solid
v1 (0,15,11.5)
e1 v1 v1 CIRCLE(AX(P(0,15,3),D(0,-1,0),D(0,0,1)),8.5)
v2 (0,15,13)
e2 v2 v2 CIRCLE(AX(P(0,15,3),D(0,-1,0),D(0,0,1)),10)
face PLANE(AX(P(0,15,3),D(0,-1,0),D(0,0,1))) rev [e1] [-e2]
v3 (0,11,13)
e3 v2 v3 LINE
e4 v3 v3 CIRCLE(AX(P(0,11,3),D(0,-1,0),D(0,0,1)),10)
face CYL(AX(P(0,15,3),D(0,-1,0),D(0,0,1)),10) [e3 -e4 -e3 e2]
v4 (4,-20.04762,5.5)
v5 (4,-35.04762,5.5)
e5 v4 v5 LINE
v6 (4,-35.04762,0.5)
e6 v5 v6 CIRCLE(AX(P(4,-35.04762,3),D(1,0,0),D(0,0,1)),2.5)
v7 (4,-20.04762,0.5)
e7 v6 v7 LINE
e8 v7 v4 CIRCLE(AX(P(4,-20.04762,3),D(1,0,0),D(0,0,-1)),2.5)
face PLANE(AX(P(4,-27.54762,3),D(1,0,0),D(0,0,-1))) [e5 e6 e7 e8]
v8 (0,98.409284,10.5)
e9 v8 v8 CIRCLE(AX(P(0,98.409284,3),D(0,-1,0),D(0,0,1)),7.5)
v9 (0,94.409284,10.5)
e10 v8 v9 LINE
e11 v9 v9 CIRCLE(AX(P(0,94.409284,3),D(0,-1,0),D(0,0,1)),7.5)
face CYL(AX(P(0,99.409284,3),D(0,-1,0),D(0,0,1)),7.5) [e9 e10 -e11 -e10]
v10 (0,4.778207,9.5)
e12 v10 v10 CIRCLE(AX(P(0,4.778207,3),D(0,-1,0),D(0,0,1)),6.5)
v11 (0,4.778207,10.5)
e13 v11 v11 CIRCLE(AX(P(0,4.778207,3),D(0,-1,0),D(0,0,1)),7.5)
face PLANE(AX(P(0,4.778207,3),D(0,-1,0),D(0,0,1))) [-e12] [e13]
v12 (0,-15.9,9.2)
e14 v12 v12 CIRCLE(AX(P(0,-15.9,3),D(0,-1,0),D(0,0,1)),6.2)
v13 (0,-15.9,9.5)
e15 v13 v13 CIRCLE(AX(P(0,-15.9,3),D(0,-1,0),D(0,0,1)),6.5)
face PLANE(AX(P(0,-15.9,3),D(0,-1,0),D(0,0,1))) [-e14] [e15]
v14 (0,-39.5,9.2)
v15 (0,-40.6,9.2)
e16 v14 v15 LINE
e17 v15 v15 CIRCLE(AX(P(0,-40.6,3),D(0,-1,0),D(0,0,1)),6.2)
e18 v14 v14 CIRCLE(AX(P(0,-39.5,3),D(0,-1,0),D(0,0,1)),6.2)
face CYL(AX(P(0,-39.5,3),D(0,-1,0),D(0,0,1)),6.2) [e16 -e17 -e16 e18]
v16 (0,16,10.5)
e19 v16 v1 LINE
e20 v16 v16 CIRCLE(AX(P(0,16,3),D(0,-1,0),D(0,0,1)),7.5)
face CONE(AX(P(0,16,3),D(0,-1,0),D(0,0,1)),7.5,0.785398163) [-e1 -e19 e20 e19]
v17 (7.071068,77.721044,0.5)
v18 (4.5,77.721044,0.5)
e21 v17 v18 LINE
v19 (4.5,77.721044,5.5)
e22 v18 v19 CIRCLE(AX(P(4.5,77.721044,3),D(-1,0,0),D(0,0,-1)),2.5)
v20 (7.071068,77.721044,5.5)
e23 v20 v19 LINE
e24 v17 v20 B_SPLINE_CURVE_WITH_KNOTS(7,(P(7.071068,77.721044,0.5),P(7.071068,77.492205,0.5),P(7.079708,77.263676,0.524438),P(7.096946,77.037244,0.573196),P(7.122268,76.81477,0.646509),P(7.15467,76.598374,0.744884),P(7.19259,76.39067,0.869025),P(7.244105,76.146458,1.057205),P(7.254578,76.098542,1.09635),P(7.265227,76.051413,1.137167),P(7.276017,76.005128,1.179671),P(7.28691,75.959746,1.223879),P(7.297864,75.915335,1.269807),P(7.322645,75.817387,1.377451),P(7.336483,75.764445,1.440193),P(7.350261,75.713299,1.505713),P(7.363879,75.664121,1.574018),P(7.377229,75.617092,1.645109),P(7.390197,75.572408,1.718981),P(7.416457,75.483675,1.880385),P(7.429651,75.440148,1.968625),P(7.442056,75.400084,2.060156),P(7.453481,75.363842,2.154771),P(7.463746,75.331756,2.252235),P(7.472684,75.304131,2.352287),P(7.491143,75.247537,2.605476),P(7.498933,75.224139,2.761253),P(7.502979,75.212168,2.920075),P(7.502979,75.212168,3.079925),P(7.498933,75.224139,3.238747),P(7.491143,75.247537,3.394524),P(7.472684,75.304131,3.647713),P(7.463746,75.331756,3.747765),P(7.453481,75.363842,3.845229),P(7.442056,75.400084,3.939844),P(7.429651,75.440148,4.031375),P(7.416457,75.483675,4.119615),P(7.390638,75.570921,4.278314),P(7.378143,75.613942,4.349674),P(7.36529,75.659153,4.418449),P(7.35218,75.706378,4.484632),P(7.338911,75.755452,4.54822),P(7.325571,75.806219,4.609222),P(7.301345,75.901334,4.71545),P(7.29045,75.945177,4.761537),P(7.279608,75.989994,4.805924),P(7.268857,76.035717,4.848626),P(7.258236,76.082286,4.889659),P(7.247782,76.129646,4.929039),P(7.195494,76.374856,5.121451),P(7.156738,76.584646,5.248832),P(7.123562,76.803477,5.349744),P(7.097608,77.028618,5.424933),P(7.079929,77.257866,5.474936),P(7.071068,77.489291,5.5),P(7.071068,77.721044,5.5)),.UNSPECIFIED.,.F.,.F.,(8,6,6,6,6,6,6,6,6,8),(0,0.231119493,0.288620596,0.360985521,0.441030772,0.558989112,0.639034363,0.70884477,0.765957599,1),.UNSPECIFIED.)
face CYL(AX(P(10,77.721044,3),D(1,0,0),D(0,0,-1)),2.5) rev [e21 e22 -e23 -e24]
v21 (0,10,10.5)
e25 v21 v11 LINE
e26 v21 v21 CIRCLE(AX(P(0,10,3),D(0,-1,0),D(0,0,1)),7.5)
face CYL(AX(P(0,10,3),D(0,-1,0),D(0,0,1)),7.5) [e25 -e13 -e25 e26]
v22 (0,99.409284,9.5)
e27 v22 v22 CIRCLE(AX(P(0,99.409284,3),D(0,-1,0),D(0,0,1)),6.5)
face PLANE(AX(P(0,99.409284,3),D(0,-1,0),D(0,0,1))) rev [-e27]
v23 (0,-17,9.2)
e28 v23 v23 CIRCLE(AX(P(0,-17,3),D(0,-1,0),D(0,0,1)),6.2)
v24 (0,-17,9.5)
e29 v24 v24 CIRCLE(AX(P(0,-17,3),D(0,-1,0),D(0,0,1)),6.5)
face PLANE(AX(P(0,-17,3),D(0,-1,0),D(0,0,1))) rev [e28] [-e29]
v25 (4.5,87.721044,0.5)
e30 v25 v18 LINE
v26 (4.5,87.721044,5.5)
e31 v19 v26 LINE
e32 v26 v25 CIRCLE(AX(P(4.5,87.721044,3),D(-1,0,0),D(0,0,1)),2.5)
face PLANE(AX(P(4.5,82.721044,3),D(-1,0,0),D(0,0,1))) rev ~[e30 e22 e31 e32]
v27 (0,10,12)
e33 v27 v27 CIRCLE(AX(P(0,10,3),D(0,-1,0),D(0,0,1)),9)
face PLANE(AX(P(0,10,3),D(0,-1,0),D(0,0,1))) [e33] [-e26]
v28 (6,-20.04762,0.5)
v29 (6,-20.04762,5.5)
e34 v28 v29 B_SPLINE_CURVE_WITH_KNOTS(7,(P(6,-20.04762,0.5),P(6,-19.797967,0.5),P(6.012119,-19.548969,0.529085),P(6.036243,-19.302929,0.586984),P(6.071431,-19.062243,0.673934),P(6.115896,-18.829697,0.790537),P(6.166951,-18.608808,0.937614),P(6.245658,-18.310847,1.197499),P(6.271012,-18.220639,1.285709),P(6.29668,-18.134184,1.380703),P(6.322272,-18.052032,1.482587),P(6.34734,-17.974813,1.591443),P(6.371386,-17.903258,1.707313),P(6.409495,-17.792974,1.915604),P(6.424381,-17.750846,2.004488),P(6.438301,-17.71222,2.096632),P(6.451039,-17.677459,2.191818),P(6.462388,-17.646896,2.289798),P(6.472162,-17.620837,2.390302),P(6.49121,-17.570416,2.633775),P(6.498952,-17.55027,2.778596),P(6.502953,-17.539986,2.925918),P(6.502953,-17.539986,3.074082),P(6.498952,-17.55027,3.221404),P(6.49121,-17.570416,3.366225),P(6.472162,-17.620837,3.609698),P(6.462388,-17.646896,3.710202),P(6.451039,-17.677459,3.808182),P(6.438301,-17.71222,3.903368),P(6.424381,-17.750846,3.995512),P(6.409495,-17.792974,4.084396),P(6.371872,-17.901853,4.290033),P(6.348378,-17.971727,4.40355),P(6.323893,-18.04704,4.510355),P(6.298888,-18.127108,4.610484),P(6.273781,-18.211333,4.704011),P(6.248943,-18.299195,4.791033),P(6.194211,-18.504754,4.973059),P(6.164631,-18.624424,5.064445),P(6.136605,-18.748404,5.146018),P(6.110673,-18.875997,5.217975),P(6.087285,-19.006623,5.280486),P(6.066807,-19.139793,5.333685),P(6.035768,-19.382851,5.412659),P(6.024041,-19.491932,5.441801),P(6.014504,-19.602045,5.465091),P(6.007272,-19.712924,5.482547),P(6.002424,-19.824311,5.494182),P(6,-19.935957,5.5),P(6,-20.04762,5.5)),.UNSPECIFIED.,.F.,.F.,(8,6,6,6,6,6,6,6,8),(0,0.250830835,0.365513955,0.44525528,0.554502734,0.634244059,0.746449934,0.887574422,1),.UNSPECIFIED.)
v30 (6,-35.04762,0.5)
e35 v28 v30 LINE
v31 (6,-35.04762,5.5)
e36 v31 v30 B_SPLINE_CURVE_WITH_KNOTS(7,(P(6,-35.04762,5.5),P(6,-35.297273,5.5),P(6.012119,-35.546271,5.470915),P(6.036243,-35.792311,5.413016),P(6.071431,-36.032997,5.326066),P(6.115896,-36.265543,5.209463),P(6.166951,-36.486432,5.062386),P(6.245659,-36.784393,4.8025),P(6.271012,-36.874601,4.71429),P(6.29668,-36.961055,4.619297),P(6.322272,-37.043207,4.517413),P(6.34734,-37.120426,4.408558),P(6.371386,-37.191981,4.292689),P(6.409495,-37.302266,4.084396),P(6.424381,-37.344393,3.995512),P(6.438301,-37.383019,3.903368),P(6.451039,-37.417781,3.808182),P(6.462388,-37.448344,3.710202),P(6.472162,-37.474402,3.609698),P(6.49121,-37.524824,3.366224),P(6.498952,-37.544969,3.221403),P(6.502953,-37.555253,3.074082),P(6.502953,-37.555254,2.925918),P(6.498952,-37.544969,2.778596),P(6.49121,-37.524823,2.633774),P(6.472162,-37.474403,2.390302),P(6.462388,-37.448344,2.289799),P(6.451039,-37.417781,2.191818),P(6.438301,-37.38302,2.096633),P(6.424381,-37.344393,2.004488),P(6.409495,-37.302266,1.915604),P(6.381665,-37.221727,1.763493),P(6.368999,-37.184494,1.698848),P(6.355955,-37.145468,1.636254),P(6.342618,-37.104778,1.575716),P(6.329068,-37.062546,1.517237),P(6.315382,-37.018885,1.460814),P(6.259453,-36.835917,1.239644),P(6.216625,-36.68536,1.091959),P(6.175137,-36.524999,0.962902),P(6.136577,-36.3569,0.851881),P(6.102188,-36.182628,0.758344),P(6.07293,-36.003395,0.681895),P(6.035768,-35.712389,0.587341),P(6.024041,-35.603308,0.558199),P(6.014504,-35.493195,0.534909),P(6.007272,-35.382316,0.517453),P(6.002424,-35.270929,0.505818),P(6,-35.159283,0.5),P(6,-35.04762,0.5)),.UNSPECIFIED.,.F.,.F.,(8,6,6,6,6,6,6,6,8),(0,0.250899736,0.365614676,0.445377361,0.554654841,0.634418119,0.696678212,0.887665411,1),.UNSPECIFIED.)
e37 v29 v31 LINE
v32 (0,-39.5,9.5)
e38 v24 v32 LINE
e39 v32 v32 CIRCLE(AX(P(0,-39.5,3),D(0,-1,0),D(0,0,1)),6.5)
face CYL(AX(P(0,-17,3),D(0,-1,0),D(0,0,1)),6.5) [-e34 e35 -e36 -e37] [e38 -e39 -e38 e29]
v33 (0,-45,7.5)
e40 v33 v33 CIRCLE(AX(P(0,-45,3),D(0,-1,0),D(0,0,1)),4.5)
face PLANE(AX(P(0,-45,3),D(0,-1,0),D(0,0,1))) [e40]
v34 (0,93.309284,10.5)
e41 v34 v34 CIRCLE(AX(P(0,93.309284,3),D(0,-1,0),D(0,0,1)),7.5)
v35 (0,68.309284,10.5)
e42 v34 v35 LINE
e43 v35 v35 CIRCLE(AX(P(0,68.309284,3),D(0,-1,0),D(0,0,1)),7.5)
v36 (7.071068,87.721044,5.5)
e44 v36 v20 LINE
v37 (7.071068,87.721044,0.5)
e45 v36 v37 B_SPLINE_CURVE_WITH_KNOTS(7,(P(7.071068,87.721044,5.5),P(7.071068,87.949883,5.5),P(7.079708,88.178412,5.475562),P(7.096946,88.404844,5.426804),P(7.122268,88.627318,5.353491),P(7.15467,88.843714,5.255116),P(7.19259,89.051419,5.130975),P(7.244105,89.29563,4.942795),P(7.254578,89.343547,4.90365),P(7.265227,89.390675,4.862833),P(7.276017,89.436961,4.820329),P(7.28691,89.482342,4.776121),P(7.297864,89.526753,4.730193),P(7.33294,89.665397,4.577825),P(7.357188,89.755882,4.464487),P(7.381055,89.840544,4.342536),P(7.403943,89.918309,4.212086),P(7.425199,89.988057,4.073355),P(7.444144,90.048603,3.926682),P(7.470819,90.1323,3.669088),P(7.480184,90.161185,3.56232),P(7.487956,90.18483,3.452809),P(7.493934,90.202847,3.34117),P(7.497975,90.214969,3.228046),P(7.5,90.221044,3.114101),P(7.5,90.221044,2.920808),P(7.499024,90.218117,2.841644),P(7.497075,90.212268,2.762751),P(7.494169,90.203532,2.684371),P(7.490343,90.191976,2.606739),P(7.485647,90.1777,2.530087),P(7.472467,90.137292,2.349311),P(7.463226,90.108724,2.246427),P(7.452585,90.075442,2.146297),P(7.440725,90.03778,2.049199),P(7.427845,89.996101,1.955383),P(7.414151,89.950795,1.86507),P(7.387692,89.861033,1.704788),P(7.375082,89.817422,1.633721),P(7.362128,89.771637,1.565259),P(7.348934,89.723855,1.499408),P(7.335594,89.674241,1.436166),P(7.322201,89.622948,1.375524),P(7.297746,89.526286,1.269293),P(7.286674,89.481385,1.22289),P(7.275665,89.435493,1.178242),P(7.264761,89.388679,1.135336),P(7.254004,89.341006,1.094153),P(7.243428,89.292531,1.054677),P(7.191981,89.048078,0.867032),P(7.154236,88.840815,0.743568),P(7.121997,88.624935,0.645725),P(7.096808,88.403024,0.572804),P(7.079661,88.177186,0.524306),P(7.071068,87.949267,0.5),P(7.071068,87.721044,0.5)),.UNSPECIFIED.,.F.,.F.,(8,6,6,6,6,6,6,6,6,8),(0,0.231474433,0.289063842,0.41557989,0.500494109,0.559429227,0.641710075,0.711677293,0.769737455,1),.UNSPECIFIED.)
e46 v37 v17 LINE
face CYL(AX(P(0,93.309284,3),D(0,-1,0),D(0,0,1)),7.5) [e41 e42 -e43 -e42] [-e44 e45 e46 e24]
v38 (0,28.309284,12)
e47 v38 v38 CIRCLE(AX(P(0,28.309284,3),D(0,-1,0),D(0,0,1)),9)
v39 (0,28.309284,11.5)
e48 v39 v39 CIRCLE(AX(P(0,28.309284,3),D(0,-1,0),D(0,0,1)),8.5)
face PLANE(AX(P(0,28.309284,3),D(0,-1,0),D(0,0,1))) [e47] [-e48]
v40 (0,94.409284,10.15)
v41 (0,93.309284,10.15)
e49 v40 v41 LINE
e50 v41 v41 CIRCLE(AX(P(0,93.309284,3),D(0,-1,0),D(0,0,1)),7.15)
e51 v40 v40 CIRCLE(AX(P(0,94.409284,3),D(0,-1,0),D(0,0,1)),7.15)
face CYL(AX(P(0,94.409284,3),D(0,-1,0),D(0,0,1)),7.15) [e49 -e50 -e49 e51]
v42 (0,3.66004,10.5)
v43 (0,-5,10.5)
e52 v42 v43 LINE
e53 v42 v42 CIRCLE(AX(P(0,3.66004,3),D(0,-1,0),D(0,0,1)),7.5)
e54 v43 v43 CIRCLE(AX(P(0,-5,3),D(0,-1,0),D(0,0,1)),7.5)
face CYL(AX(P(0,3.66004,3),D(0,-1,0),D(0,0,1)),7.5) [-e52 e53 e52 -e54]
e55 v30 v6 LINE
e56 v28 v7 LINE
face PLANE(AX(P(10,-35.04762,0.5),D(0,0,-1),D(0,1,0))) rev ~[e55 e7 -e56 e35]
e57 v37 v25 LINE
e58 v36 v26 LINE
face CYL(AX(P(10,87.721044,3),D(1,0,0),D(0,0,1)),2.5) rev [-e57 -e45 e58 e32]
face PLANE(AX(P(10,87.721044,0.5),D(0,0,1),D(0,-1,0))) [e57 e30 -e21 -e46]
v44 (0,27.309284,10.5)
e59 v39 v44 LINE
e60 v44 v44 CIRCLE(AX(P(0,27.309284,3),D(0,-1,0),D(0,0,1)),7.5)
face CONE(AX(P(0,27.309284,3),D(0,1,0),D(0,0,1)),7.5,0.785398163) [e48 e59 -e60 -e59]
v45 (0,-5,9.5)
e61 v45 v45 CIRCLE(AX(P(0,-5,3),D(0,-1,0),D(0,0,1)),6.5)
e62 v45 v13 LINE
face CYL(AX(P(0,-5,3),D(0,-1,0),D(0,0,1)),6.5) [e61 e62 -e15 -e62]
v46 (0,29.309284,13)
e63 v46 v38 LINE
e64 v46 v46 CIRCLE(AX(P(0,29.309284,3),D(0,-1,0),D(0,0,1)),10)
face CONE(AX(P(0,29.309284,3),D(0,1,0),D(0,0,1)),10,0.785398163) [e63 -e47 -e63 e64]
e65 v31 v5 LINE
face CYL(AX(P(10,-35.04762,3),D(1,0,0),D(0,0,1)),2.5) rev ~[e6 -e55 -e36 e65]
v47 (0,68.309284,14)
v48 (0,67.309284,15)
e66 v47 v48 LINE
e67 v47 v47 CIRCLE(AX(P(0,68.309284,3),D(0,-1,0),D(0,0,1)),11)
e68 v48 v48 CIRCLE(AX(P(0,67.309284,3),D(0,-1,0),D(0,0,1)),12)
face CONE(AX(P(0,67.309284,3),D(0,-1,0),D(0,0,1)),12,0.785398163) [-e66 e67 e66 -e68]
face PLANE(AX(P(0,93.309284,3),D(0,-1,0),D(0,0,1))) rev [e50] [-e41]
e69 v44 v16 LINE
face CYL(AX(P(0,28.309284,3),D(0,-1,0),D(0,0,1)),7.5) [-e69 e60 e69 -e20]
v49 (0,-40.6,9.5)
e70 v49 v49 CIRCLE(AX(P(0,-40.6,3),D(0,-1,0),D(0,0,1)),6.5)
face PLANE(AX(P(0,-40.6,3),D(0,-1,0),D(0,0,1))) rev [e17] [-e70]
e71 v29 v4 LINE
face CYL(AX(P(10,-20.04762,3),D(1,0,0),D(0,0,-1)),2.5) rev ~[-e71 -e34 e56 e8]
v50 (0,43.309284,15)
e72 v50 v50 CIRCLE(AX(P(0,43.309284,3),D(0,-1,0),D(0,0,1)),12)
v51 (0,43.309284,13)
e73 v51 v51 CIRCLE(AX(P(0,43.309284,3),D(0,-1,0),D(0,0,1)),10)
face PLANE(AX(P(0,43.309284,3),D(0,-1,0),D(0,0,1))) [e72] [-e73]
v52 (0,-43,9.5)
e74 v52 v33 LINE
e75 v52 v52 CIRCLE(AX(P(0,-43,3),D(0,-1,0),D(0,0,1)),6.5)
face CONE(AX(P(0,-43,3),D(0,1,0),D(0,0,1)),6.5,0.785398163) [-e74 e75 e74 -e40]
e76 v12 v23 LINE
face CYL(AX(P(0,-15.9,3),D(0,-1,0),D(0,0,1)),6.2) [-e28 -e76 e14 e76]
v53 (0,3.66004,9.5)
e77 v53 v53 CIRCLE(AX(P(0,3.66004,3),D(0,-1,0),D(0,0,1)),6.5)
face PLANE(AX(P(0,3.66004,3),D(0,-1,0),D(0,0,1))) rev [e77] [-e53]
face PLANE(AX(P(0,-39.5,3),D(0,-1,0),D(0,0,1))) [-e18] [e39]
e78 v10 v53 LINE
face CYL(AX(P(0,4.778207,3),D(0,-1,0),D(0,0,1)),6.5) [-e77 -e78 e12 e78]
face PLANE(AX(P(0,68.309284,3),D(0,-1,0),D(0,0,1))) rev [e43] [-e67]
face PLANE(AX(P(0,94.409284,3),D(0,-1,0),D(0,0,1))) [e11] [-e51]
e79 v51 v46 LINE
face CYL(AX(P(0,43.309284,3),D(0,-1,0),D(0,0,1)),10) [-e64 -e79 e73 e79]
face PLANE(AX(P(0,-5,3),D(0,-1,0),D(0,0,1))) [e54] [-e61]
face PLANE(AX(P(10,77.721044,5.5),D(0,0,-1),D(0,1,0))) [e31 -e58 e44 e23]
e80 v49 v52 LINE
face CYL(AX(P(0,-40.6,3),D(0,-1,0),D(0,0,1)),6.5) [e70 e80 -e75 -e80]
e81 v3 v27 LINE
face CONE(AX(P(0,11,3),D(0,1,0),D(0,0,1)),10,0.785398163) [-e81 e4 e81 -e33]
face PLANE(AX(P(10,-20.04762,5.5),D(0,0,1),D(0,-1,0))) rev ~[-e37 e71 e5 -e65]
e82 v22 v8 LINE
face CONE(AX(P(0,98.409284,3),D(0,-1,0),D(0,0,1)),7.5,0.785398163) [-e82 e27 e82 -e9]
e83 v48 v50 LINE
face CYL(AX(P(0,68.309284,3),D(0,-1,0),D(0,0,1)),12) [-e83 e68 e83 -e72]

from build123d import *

# Parameters (mm, degrees)
SFAZOWANIE2_SIZE           = 1
WYTNIJ_WYCI_GNI_CIE1_DEPTH = 5.5
WYTNIJ_WYCI_GNI_CIE2_DEPTH = 6
SFAZOWANIE3_SIZE           = 2


with BuildPart() as part:
    # Szkic1 → Obr_t1 (revolve)
    with BuildSketch(Plane(origin=(0, 0, 0), x_dir=(0, 0, -1), z_dir=(1, 0, 0))):
        Polygon((-3, -6.188308688), (-3, 99.409284105), (-10.5, 99.409284105), (-10.5, 94.409284105), (-10.15, 94.409284105), (-10.15, 93.309284105), (-10.5, 93.309284105), (-10.5, 68.309284105), (-15, 68.309284105), (-15, 43.309284105), (-13, 43.309284105), (-13, 28.309284105), (-10.5, 28.309284105), (-10.5, 15), (-13, 15), (-13, 10), (-10.5, 10), (-10.5, 4.778207376), (-9.5, 4.778207376), (-9.5, 3.660040364), (-10.5, 3.660040364), (-10.5, -5), (-9.5, -5), (-9.5, -15.9), (-9.2, -15.9), (-9.2, -17), (-9.5, -17), (-9.5, -39.5), (-9.2, -39.5), (-9.2, -40.6), (-9.5, -40.6), (-9.5, -45), (-3, -45), (-3, -6.690715895), align=None)
    revolve(axis=Axis((0, 99.409284105, 3), (0, -1, 0)))

    # Sfazowanie2
    sfazowanie2_edges = [part.edges().sort_by_distance(p)[0] for p in [
        (0, 10, -7),
        (0, 15, -4.5),
        (0, 28.309284105, -4.5),
        (0, 28.309284105, -7),
        (0, 68.309284105, -9),
        (0, 99.409284105, -4.5),
    ]]
    chamfer(sfazowanie2_edges, length=SFAZOWANIE2_SIZE)

    # Szkic2 → Wytnij-wyci_gni_cie1 (cut)
    with BuildSketch(Plane(origin=(10, 0, 0), x_dir=(0, 0, -1), z_dir=(1, 0, 0))):
        with BuildLine():
            Line((-0.5, 87.721044176), (-0.5, 77.721044176))
            ThreePointArc((-0.5, 77.721044176), (-3, 75.221044176), (-5.5, 77.721044176))
            Line((-5.5, 77.721044176), (-5.5, 87.721044176))
            ThreePointArc((-5.5, 87.721044176), (-3, 90.221044176), (-0.5, 87.721044176))
        make_face()
    extrude(amount=-WYTNIJ_WYCI_GNI_CIE1_DEPTH, mode=Mode.SUBTRACT)

    # Szkic2_4 → Wytnij-wyci_gni_cie2 (cut)
    with BuildSketch(Plane(origin=(10, 0, 0), x_dir=(0, 0, -1), z_dir=(1, 0, 0))):
        with BuildLine():
            Line((-5.5, -20.047619848), (-5.5, -35.047619848))
            ThreePointArc((-5.5, -35.047619848), (-3, -37.547619848), (-0.5, -35.047619848))
            Line((-0.5, -35.047619848), (-0.5, -20.047619848))
            ThreePointArc((-0.5, -20.047619848), (-3, -17.547619848), (-5.5, -20.047619848))
        make_face()
    extrude(amount=-WYTNIJ_WYCI_GNI_CIE2_DEPTH, mode=Mode.SUBTRACT)

    # Sfazowanie3
    sfazowanie3_edges = [part.edges().sort_by_distance(p)[0] for p in [
        (0, -45, -3.5),
    ]]
    chamfer(sfazowanie3_edges, length=SFAZOWANIE3_SIZE)


solid = part.part
